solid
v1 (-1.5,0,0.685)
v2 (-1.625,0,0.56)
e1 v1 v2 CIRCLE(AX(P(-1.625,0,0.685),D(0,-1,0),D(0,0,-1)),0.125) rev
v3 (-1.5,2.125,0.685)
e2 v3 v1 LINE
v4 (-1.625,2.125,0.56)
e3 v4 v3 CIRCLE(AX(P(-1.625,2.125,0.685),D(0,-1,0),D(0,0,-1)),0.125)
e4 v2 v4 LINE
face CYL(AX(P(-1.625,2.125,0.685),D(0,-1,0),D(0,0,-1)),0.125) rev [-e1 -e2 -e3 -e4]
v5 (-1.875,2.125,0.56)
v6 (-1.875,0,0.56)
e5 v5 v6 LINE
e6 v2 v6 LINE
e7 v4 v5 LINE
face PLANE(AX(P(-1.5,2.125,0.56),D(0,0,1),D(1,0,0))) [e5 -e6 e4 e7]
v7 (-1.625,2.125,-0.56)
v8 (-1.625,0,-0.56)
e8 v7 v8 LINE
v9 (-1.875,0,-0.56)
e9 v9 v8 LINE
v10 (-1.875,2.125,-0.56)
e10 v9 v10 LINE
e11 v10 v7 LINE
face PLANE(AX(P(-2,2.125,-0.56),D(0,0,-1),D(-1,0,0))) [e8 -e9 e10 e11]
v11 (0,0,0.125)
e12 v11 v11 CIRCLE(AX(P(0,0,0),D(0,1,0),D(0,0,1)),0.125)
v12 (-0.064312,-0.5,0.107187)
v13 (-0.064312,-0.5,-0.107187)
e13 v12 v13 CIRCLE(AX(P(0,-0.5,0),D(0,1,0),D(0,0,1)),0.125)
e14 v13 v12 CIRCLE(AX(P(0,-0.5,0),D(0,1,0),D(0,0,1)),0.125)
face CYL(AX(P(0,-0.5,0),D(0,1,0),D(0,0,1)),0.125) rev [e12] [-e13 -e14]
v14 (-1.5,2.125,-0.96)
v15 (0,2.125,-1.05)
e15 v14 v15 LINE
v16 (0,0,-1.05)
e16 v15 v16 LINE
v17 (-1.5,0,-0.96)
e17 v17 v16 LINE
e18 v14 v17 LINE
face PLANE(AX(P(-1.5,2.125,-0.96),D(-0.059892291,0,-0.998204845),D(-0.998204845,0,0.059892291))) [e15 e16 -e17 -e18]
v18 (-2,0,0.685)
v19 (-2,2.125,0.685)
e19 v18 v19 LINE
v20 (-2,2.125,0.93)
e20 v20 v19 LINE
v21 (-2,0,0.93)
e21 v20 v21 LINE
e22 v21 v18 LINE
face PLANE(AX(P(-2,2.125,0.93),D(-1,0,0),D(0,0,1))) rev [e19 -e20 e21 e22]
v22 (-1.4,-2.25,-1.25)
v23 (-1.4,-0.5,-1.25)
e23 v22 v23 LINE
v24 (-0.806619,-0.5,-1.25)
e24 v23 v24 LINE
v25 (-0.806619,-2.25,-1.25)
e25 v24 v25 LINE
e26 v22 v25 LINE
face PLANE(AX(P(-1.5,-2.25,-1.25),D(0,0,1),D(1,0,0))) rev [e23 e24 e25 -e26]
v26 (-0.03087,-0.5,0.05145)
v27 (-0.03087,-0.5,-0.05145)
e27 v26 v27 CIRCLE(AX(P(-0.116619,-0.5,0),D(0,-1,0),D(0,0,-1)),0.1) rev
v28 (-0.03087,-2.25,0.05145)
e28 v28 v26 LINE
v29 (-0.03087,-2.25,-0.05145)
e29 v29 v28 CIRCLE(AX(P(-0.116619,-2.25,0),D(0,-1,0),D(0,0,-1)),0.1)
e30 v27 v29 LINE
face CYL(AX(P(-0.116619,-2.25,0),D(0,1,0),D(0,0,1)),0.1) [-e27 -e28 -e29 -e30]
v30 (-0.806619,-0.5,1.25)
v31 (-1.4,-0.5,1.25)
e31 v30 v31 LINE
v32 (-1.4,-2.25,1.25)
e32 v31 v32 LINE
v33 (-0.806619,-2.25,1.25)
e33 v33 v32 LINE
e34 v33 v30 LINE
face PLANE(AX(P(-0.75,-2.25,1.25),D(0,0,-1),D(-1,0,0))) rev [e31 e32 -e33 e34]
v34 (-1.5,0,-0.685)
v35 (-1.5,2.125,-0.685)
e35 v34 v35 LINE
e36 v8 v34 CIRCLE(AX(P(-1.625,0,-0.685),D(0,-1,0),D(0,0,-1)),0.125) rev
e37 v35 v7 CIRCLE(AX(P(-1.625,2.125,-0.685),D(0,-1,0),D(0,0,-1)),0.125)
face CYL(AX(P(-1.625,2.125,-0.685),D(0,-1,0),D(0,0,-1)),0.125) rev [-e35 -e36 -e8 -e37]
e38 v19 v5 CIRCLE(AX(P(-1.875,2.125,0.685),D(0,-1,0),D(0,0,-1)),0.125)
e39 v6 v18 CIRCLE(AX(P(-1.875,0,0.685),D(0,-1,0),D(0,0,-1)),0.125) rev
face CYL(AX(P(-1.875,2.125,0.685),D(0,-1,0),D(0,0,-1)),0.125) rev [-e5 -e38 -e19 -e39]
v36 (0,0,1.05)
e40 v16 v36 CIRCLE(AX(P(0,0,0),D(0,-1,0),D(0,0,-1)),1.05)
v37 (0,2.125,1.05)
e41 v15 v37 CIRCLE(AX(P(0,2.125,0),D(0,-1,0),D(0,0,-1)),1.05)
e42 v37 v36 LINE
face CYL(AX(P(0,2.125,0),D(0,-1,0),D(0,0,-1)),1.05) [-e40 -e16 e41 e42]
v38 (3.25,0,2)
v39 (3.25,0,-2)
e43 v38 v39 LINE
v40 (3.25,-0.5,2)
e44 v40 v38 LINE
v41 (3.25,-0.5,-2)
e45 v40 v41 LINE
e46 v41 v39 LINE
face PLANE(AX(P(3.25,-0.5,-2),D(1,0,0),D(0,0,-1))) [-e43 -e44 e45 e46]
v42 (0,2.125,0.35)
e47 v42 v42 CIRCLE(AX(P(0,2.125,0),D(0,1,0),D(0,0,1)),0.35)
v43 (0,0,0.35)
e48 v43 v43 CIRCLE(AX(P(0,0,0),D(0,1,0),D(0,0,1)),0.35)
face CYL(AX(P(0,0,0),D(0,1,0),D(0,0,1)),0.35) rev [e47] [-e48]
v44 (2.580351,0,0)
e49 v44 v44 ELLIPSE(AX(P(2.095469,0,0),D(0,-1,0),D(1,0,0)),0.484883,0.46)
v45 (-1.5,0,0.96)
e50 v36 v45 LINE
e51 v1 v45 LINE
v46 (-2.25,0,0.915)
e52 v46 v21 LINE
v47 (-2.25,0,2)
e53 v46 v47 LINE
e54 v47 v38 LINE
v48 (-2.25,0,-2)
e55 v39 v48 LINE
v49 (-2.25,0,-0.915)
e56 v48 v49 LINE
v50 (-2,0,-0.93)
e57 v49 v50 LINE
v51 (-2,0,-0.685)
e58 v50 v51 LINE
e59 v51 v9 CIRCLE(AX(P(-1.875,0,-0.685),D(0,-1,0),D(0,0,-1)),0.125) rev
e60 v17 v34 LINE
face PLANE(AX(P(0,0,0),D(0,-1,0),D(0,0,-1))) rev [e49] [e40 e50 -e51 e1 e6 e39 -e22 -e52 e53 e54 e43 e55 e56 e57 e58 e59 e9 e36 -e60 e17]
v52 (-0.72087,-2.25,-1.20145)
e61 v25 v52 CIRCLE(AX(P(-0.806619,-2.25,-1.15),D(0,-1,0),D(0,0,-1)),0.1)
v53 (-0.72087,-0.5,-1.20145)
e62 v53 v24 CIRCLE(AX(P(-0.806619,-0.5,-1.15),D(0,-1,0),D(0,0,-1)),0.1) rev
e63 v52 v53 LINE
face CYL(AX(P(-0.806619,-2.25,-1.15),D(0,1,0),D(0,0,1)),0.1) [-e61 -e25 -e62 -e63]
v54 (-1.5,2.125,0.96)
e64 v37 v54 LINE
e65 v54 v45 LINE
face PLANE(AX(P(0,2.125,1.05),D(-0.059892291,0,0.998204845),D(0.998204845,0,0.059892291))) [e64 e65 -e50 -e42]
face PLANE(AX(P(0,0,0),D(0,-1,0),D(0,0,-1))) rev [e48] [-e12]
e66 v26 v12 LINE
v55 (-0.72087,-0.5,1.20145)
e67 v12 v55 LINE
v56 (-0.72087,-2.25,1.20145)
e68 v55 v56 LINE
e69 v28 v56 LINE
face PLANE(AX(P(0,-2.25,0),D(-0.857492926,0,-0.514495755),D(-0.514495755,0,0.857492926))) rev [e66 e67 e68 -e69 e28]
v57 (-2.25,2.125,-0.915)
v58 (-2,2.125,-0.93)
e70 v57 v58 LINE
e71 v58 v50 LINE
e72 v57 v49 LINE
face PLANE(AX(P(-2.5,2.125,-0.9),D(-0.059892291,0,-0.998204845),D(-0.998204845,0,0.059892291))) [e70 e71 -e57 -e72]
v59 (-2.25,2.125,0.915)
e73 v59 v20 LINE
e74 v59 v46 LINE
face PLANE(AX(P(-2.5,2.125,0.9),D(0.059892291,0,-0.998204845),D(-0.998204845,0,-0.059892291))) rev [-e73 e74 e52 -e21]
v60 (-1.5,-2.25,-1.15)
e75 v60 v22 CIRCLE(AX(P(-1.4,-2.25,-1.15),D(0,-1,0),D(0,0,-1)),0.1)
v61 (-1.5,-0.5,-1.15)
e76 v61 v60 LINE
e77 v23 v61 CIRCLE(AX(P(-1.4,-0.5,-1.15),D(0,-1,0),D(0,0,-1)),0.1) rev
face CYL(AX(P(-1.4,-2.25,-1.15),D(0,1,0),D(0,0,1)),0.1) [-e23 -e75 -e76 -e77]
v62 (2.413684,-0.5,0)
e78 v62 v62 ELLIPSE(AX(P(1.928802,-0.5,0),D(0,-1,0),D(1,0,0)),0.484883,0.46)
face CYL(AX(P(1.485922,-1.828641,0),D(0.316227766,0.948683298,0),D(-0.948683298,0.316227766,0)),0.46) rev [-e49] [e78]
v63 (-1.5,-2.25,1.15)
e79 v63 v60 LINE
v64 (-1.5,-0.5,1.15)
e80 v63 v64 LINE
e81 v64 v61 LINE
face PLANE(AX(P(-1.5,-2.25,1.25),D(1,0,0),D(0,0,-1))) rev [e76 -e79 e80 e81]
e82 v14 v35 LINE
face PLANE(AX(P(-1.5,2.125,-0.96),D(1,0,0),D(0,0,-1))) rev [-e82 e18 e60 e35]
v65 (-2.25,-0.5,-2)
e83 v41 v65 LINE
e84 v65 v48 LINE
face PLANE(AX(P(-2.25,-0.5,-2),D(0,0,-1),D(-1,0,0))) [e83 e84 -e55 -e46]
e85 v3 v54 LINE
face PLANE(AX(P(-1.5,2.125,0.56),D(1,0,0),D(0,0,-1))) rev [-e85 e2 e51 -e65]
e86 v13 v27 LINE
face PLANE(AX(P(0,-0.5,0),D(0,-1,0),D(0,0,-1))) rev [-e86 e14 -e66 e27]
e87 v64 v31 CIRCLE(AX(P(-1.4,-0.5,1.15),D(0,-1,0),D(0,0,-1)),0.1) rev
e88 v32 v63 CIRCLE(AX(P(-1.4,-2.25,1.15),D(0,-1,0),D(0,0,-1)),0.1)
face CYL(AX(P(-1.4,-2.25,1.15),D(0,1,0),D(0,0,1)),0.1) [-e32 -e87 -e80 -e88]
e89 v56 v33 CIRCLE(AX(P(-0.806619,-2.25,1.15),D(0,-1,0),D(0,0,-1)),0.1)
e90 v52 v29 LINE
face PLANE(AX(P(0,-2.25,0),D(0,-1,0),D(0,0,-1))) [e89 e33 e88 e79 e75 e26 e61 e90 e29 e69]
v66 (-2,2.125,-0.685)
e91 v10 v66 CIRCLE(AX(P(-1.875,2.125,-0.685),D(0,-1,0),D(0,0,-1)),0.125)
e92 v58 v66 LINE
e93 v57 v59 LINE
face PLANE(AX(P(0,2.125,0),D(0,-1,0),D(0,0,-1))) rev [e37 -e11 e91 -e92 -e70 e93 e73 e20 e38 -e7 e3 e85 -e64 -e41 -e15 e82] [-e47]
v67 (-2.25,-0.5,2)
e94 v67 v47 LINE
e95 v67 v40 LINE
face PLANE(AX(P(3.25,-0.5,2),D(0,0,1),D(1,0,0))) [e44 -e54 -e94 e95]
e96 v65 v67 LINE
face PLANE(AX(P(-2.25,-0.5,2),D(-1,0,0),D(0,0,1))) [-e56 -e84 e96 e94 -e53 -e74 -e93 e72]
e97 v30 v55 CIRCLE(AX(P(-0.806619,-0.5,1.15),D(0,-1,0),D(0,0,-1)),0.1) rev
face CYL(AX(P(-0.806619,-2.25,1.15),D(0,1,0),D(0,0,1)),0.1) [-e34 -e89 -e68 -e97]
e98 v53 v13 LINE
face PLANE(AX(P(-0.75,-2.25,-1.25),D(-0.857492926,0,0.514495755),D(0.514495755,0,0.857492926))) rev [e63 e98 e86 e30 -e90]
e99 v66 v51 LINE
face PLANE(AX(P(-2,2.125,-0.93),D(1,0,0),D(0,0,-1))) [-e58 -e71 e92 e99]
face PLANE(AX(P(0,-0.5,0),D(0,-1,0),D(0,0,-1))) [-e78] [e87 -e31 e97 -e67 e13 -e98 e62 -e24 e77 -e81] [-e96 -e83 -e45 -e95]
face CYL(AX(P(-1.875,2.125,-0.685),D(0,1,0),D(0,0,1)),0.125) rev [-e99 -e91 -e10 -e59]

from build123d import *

# Parameters (mm, degrees)
BOSS_EXTRUDE1_DEPTH     = 2.125
SKETCH4_R               = 0.35
THROUGH_HOLES_DEPTH     = 4.445014514
FILLET1_R               = 0.125
SKETCH5_R               = 0.125
BOSS_EXTRUDE2_DEPTH     = 0.5
SKETCH8_R               = 0.46
CUT_EXTRUDE1_DEPTH      = 5.582575695
CUT_EXTRUDE2_DEPTH      = 5.367851302
CUT_EXTRUDE2_DEPTH_BACK = 5.367851302
SKETCH9_W               = 1.465031661
SKETCH9_H               = 4
BOSS_EXTRUDE3_DEPTH     = 1.75
FILLET2_R               = 0.1


with BuildPart() as part:
    # Sketch3 → Boss-Extrude1 (new body)
    with BuildSketch(Plane(origin=(0, 0, 0), x_dir=(1, 0, 0), z_dir=(0, 1, 0))):
        with BuildLine():
            Line((-2.5, 0.9), (-2, 0.93))
            Line((-2, 0.93), (-2, 0.56))
            Line((-2, 0.56), (-1.5, 0.56))
            Line((-1.5, 0.56), (-1.5, 0.96))
            Line((-1.5, 0.96), (0, 1.05))
            ThreePointArc((0, 1.05), (1.05, 0), (0, -1.05))
            Line((0, -1.05), (-1.5, -0.96))
            Line((-1.5, -0.96), (-1.5, -0.56))
            Line((-1.5, -0.56), (-2, -0.56))
            Line((-2, -0.56), (-2, -0.93))
            Line((-2, -0.93), (-2.5, -0.9))
            Line((-2.5, -0.9), (-2.5, 0.9))
        make_face()
    extrude(amount=BOSS_EXTRUDE1_DEPTH)

    # Sketch4 → Through Holes (cut, through all)
    with BuildSketch(Plane(origin=(0, 2.125, 0), x_dir=(1, 0, 0), z_dir=(0, 1, 0))):
        with Locations(Location((0, 0, 0), (0, 0, 270))):
            Circle(SKETCH4_R)
    extrude(amount=-THROUGH_HOLES_DEPTH, mode=Mode.SUBTRACT)

    # Fillet1
    fillet1_edges = [part.edges().sort_by_distance(p)[0] for p in [
        (-2, 1.0625, -0.56),
        (-1.5, 1.0625, -0.56),
        (-1.5, 1.0625, 0.56),
        (-2, 1.0625, 0.56),
    ]]
    fillet(fillet1_edges, radius=FILLET1_R)

    # Sketch5 → Boss-Extrude2 (add)
    with BuildSketch(Plane(origin=(0, 0, 0), x_dir=(1, 0, 0), z_dir=(0, 1, 0))):
        Polygon((-2.25, -2), (1.75, -2), (3.25, -2), (3.25, 2), (1.75, 2), (-2.25, 2), align=None)
        with Locations(Location((0, 0, 0), (0, 0, 270))):
            Circle(SKETCH5_R, mode=Mode.SUBTRACT)
    extrude(amount=-BOSS_EXTRUDE2_DEPTH)

    # Sketch8 → Cut-Extrude1 (cut, through all)
    with BuildSketch(Plane(origin=(0.7, 2.1, 0), x_dir=(0.948683298050514, -0.3162277660168378, 0), z_dir=(0.3162277660168378, 0.948683298050514, 0))):
        with Locations((1.987936011, 0)):
            Circle(SKETCH8_R)
    extrude(amount=-CUT_EXTRUDE1_DEPTH, mode=Mode.SUBTRACT)

    # Sketch9 → Cut-Extrude2 (cut, two sides: drawn at the far end of the back side and taken through both)
    with BuildSketch(Plane.XZ.offset(-CUT_EXTRUDE2_DEPTH_BACK)):
        with Locations((-2.982515831, 0)):
            Rectangle(SKETCH9_W, SKETCH9_H)
    extrude(amount=CUT_EXTRUDE2_DEPTH + CUT_EXTRUDE2_DEPTH_BACK, mode=Mode.SUBTRACT)

    # Sketch10 → Boss-Extrude3 (add)
    with BuildSketch(Plane.XZ.offset(0.5)):
        Polygon((-1.5, 1.25), (-1.5, -1.25), (-0.75, -1.25), (0, 0), (-0.75, 1.25), align=None)
    extrude(amount=BOSS_EXTRUDE3_DEPTH)

    # Fillet2
    fillet2_edges = [part.edges().sort_by_distance(p)[0] for p in [
        (-0.75, -1.375, 1.25),
        (-1.5, -1.375, 1.25),
        (-1.5, -1.375, -1.25),
        (-0.75, -1.375, -1.25),
        (0, -1.375, 0),
    ]]
    fillet(fillet2_edges, radius=FILLET2_R)


solid = part.part
